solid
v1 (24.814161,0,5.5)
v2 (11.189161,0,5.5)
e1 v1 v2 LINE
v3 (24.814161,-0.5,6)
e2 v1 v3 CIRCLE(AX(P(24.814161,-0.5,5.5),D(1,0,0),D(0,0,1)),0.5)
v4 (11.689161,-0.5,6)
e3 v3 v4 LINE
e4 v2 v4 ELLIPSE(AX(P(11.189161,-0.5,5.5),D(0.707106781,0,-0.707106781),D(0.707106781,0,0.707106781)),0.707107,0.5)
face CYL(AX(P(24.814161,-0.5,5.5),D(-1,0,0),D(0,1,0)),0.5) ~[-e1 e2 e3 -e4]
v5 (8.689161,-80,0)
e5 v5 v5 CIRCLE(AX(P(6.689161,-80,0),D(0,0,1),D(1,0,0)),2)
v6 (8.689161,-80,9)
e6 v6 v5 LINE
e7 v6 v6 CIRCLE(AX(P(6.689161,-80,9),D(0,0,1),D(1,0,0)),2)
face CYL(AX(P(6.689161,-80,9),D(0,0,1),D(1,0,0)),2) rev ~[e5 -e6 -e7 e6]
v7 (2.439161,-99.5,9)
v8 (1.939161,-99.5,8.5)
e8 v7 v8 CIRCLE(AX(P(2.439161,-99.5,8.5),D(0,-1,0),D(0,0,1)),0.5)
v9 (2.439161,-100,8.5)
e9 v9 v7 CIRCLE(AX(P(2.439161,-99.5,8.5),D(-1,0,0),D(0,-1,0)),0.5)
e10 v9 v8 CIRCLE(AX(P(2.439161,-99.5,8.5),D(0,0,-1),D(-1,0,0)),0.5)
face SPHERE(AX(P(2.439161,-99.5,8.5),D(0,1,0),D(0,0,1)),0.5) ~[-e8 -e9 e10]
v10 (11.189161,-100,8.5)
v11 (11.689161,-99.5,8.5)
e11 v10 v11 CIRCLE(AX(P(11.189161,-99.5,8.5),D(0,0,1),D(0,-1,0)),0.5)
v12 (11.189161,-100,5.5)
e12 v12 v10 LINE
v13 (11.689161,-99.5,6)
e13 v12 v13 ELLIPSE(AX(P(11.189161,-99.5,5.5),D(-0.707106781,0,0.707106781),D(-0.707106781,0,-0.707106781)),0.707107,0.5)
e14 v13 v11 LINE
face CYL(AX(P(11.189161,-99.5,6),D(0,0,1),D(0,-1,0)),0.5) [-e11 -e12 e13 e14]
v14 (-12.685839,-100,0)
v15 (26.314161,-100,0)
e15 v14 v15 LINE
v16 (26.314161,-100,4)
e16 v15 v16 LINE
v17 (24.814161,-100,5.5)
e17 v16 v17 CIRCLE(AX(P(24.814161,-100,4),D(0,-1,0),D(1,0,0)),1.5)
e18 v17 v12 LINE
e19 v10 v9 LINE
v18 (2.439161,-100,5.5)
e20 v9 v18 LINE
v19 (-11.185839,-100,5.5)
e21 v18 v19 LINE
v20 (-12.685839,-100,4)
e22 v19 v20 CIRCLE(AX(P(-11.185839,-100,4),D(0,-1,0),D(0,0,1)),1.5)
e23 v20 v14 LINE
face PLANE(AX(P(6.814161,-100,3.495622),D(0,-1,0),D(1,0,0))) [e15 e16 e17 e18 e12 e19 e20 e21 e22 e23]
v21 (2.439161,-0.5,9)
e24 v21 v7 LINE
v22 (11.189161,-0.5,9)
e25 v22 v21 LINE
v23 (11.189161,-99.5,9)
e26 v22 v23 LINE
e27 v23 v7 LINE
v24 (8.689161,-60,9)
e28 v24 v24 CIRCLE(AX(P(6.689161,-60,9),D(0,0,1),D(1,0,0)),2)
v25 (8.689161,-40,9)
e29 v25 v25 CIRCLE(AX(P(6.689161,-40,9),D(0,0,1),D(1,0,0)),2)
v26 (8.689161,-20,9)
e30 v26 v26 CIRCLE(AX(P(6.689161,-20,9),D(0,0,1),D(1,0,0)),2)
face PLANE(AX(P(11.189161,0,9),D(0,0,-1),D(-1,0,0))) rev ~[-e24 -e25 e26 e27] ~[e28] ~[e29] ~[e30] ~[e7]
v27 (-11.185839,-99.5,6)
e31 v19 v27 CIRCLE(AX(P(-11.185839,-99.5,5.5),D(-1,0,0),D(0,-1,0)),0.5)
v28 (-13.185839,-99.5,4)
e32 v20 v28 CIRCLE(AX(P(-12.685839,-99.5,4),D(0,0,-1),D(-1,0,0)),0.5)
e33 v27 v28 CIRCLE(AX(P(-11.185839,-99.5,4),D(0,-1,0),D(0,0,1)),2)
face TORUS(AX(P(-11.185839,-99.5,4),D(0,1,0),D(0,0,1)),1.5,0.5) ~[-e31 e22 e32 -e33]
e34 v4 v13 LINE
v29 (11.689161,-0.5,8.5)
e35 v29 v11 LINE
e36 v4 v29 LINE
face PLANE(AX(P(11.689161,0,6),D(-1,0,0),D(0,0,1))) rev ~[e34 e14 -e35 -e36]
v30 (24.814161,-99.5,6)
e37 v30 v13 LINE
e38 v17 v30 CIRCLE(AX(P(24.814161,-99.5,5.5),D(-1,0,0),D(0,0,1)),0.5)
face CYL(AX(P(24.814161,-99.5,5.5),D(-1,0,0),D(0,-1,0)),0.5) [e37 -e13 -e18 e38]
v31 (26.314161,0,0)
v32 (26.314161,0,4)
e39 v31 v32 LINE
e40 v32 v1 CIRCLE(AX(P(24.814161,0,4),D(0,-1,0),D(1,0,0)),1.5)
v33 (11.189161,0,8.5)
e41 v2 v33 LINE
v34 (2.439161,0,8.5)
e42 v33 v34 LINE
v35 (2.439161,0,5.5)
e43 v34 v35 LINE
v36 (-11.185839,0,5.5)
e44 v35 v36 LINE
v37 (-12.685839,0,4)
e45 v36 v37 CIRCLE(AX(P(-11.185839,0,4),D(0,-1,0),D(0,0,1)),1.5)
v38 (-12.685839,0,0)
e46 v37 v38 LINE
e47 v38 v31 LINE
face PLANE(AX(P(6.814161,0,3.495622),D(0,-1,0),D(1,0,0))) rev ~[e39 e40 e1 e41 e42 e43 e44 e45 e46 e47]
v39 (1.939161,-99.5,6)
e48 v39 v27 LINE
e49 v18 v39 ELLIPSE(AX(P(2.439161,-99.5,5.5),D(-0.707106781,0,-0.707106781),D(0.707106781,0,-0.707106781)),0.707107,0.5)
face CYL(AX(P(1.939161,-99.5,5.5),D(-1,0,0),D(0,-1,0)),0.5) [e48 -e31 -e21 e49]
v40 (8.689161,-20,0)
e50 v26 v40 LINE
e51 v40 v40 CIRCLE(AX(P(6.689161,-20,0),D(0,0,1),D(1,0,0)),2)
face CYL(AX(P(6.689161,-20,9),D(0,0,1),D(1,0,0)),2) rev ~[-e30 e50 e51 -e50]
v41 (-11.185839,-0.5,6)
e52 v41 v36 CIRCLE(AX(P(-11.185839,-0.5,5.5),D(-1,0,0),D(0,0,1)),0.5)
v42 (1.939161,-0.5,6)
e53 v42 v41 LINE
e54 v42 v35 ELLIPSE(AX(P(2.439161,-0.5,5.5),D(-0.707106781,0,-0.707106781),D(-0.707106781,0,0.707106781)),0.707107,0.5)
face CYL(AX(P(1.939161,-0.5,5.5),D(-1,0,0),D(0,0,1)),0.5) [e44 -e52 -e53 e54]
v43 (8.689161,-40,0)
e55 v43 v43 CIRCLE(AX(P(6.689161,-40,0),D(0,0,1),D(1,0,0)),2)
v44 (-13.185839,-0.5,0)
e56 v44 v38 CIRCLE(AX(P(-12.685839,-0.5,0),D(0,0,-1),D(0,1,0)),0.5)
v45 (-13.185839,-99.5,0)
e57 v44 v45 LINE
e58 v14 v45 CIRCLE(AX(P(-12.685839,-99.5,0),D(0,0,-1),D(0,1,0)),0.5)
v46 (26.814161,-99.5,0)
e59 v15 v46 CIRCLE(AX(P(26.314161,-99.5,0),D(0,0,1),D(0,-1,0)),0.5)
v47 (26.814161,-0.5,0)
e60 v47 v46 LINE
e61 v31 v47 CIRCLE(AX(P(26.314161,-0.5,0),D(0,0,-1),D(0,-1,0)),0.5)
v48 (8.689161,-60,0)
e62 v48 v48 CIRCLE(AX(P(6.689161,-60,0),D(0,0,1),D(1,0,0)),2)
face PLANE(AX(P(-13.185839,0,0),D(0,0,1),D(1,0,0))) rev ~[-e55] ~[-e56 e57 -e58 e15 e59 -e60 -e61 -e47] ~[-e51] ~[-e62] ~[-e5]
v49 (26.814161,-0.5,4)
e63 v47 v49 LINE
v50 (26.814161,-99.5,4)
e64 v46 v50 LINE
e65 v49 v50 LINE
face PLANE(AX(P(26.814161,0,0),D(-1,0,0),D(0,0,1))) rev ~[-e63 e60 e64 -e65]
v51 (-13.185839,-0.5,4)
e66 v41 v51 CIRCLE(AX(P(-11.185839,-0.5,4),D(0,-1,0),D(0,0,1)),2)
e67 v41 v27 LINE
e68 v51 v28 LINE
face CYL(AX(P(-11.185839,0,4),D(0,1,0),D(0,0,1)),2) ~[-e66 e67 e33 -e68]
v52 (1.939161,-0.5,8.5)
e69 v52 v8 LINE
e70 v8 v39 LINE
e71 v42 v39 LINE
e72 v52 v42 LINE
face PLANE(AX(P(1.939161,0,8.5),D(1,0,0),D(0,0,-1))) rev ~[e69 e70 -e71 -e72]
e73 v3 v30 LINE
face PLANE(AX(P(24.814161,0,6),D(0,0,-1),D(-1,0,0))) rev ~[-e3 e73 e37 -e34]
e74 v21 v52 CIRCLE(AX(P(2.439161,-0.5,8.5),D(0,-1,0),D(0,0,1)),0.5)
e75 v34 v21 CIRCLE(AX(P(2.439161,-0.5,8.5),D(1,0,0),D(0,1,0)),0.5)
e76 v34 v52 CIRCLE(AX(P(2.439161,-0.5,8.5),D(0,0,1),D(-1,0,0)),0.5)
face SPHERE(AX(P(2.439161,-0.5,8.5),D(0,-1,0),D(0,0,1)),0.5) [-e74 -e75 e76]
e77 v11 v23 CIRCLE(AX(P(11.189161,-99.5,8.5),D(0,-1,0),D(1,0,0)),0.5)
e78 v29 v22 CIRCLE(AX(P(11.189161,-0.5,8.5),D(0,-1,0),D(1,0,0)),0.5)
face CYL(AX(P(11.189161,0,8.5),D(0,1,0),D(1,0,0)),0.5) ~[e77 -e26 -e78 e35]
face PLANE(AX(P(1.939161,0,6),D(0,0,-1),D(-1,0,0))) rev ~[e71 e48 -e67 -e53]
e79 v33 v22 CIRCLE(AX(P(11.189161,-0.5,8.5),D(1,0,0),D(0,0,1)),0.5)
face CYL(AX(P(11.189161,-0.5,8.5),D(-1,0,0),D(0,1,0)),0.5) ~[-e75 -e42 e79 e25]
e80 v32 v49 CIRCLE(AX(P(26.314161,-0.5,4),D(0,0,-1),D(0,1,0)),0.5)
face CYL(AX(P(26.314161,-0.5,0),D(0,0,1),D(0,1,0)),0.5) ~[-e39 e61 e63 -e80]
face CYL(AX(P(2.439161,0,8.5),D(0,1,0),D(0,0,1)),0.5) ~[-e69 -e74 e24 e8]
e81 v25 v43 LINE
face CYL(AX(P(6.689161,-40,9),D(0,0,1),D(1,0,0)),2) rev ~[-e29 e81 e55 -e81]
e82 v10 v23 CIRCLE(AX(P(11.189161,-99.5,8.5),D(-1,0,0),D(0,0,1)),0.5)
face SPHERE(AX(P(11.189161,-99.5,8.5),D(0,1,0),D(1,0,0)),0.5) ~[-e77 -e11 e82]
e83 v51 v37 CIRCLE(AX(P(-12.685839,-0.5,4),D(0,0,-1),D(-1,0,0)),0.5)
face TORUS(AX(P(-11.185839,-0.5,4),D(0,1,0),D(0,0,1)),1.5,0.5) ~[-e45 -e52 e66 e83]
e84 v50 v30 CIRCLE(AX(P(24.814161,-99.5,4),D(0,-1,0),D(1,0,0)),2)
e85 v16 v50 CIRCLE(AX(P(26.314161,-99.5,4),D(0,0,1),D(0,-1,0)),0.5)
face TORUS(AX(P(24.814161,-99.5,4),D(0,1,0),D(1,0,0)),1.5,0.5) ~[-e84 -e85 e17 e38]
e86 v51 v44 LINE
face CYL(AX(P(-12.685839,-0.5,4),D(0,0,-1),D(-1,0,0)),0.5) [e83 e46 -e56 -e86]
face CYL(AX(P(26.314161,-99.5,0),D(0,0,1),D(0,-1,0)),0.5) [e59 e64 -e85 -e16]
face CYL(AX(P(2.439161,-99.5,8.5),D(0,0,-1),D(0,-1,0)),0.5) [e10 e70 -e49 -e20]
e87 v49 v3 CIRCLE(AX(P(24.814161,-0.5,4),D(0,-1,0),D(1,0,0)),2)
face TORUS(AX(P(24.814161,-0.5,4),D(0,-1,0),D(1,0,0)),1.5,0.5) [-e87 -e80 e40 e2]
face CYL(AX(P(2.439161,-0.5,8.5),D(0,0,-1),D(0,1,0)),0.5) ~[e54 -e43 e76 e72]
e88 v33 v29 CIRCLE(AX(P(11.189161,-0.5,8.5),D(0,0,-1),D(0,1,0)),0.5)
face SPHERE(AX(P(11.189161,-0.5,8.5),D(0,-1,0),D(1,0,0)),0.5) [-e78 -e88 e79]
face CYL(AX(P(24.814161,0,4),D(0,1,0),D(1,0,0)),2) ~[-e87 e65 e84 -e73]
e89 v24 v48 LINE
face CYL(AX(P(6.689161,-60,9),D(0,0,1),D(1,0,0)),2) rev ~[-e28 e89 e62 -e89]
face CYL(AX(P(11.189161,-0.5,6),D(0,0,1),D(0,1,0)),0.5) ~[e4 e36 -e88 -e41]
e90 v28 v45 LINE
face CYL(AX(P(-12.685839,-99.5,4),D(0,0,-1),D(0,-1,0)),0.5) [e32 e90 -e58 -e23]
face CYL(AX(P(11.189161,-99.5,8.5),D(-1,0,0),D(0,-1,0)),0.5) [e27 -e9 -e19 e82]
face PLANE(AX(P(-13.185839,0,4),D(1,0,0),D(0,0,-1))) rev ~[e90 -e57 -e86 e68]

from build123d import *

# Parameters (mm, degrees)
F1_DEPTH = 100
F2_R     = 2
F3_DEPTH = 9
F4_R     = 0.5


with BuildPart() as f1:
    # F0 (on Front) → F1 (new body)
    with BuildSketch(Plane.XZ):
        with BuildLine():
            Line((-13.1858391894, 0), (26.8141608106, 0))
            Line((26.8141608106, 0), (26.8141608106, 4))
            ThreePointArc((26.8141608106, 4), (26.228374373, 5.4142135624), (24.8141608106, 6))
            Line((24.8141608106, 6), (11.6891608106, 6))
            Line((11.6891608106, 6), (11.6891608106, 8.5))
            ThreePointArc((11.6891608106, 8.5), (11.5427142012, 8.8535533906), (11.1891608106, 9))
            Line((11.1891608106, 9), (2.4391608106, 9))
            ThreePointArc((2.4391608106, 9), (2.08560742, 8.8535533906), (1.9391608106, 8.5))
            Line((1.9391608106, 8.5), (1.9391608106, 6))
            Line((1.9391608106, 6), (-11.1858391894, 6))
            ThreePointArc((-11.1858391894, 6), (-12.6000527518, 5.4142135624), (-13.1858391894, 4))
            Line((-13.1858391894, 4), (-13.1858391894, 0))
        make_face()
    extrude(amount=F1_DEPTH)

    # F2 (on face) → F3 (cut, through all)
    with BuildSketch(Plane.XY.offset(9)):
        with Locations((6.6891608106, -80)):
            Circle(F2_R)
        with Locations((6.6891608106, -60)):
            Circle(F2_R)
        with Locations((6.6891608106, -40)):
            Circle(F2_R)
        with Locations((6.6891608106, -20)):
            Circle(F2_R)
    extrude(amount=-F3_DEPTH, mode=Mode.SUBTRACT)

    # F4
    f4_edges = [f1.edges().sort_by_distance(p)[0] for p in [
        (18.251661, -100, 6),
        (6.814161, -100, 9),
        (-4.623339, -100, 6),
        (11.689161, -100, 7.25),
        (11.542714, -100, 8.853553),
        (2.085607, -100, 8.853553),
        (1.939161, -100, 7.25),
        (-13.185839, -100, 2),
        (-12.600053, -100, 5.414214),
        (26.228374, -100, 5.414214),
        (26.814161, -100, 2),
        (-13.185839, 0, 2),
        (-12.600053, 0, 5.414214),
        (1.939161, 0, 7.25),
        (2.085607, 0, 8.853553),
        (6.814161, 0, 9),
        (18.251661, 0, 6),
        (26.228374, 0, 5.414214),
    ]]
    fillet(f4_edges, radius=F4_R)


solid = f1.part
